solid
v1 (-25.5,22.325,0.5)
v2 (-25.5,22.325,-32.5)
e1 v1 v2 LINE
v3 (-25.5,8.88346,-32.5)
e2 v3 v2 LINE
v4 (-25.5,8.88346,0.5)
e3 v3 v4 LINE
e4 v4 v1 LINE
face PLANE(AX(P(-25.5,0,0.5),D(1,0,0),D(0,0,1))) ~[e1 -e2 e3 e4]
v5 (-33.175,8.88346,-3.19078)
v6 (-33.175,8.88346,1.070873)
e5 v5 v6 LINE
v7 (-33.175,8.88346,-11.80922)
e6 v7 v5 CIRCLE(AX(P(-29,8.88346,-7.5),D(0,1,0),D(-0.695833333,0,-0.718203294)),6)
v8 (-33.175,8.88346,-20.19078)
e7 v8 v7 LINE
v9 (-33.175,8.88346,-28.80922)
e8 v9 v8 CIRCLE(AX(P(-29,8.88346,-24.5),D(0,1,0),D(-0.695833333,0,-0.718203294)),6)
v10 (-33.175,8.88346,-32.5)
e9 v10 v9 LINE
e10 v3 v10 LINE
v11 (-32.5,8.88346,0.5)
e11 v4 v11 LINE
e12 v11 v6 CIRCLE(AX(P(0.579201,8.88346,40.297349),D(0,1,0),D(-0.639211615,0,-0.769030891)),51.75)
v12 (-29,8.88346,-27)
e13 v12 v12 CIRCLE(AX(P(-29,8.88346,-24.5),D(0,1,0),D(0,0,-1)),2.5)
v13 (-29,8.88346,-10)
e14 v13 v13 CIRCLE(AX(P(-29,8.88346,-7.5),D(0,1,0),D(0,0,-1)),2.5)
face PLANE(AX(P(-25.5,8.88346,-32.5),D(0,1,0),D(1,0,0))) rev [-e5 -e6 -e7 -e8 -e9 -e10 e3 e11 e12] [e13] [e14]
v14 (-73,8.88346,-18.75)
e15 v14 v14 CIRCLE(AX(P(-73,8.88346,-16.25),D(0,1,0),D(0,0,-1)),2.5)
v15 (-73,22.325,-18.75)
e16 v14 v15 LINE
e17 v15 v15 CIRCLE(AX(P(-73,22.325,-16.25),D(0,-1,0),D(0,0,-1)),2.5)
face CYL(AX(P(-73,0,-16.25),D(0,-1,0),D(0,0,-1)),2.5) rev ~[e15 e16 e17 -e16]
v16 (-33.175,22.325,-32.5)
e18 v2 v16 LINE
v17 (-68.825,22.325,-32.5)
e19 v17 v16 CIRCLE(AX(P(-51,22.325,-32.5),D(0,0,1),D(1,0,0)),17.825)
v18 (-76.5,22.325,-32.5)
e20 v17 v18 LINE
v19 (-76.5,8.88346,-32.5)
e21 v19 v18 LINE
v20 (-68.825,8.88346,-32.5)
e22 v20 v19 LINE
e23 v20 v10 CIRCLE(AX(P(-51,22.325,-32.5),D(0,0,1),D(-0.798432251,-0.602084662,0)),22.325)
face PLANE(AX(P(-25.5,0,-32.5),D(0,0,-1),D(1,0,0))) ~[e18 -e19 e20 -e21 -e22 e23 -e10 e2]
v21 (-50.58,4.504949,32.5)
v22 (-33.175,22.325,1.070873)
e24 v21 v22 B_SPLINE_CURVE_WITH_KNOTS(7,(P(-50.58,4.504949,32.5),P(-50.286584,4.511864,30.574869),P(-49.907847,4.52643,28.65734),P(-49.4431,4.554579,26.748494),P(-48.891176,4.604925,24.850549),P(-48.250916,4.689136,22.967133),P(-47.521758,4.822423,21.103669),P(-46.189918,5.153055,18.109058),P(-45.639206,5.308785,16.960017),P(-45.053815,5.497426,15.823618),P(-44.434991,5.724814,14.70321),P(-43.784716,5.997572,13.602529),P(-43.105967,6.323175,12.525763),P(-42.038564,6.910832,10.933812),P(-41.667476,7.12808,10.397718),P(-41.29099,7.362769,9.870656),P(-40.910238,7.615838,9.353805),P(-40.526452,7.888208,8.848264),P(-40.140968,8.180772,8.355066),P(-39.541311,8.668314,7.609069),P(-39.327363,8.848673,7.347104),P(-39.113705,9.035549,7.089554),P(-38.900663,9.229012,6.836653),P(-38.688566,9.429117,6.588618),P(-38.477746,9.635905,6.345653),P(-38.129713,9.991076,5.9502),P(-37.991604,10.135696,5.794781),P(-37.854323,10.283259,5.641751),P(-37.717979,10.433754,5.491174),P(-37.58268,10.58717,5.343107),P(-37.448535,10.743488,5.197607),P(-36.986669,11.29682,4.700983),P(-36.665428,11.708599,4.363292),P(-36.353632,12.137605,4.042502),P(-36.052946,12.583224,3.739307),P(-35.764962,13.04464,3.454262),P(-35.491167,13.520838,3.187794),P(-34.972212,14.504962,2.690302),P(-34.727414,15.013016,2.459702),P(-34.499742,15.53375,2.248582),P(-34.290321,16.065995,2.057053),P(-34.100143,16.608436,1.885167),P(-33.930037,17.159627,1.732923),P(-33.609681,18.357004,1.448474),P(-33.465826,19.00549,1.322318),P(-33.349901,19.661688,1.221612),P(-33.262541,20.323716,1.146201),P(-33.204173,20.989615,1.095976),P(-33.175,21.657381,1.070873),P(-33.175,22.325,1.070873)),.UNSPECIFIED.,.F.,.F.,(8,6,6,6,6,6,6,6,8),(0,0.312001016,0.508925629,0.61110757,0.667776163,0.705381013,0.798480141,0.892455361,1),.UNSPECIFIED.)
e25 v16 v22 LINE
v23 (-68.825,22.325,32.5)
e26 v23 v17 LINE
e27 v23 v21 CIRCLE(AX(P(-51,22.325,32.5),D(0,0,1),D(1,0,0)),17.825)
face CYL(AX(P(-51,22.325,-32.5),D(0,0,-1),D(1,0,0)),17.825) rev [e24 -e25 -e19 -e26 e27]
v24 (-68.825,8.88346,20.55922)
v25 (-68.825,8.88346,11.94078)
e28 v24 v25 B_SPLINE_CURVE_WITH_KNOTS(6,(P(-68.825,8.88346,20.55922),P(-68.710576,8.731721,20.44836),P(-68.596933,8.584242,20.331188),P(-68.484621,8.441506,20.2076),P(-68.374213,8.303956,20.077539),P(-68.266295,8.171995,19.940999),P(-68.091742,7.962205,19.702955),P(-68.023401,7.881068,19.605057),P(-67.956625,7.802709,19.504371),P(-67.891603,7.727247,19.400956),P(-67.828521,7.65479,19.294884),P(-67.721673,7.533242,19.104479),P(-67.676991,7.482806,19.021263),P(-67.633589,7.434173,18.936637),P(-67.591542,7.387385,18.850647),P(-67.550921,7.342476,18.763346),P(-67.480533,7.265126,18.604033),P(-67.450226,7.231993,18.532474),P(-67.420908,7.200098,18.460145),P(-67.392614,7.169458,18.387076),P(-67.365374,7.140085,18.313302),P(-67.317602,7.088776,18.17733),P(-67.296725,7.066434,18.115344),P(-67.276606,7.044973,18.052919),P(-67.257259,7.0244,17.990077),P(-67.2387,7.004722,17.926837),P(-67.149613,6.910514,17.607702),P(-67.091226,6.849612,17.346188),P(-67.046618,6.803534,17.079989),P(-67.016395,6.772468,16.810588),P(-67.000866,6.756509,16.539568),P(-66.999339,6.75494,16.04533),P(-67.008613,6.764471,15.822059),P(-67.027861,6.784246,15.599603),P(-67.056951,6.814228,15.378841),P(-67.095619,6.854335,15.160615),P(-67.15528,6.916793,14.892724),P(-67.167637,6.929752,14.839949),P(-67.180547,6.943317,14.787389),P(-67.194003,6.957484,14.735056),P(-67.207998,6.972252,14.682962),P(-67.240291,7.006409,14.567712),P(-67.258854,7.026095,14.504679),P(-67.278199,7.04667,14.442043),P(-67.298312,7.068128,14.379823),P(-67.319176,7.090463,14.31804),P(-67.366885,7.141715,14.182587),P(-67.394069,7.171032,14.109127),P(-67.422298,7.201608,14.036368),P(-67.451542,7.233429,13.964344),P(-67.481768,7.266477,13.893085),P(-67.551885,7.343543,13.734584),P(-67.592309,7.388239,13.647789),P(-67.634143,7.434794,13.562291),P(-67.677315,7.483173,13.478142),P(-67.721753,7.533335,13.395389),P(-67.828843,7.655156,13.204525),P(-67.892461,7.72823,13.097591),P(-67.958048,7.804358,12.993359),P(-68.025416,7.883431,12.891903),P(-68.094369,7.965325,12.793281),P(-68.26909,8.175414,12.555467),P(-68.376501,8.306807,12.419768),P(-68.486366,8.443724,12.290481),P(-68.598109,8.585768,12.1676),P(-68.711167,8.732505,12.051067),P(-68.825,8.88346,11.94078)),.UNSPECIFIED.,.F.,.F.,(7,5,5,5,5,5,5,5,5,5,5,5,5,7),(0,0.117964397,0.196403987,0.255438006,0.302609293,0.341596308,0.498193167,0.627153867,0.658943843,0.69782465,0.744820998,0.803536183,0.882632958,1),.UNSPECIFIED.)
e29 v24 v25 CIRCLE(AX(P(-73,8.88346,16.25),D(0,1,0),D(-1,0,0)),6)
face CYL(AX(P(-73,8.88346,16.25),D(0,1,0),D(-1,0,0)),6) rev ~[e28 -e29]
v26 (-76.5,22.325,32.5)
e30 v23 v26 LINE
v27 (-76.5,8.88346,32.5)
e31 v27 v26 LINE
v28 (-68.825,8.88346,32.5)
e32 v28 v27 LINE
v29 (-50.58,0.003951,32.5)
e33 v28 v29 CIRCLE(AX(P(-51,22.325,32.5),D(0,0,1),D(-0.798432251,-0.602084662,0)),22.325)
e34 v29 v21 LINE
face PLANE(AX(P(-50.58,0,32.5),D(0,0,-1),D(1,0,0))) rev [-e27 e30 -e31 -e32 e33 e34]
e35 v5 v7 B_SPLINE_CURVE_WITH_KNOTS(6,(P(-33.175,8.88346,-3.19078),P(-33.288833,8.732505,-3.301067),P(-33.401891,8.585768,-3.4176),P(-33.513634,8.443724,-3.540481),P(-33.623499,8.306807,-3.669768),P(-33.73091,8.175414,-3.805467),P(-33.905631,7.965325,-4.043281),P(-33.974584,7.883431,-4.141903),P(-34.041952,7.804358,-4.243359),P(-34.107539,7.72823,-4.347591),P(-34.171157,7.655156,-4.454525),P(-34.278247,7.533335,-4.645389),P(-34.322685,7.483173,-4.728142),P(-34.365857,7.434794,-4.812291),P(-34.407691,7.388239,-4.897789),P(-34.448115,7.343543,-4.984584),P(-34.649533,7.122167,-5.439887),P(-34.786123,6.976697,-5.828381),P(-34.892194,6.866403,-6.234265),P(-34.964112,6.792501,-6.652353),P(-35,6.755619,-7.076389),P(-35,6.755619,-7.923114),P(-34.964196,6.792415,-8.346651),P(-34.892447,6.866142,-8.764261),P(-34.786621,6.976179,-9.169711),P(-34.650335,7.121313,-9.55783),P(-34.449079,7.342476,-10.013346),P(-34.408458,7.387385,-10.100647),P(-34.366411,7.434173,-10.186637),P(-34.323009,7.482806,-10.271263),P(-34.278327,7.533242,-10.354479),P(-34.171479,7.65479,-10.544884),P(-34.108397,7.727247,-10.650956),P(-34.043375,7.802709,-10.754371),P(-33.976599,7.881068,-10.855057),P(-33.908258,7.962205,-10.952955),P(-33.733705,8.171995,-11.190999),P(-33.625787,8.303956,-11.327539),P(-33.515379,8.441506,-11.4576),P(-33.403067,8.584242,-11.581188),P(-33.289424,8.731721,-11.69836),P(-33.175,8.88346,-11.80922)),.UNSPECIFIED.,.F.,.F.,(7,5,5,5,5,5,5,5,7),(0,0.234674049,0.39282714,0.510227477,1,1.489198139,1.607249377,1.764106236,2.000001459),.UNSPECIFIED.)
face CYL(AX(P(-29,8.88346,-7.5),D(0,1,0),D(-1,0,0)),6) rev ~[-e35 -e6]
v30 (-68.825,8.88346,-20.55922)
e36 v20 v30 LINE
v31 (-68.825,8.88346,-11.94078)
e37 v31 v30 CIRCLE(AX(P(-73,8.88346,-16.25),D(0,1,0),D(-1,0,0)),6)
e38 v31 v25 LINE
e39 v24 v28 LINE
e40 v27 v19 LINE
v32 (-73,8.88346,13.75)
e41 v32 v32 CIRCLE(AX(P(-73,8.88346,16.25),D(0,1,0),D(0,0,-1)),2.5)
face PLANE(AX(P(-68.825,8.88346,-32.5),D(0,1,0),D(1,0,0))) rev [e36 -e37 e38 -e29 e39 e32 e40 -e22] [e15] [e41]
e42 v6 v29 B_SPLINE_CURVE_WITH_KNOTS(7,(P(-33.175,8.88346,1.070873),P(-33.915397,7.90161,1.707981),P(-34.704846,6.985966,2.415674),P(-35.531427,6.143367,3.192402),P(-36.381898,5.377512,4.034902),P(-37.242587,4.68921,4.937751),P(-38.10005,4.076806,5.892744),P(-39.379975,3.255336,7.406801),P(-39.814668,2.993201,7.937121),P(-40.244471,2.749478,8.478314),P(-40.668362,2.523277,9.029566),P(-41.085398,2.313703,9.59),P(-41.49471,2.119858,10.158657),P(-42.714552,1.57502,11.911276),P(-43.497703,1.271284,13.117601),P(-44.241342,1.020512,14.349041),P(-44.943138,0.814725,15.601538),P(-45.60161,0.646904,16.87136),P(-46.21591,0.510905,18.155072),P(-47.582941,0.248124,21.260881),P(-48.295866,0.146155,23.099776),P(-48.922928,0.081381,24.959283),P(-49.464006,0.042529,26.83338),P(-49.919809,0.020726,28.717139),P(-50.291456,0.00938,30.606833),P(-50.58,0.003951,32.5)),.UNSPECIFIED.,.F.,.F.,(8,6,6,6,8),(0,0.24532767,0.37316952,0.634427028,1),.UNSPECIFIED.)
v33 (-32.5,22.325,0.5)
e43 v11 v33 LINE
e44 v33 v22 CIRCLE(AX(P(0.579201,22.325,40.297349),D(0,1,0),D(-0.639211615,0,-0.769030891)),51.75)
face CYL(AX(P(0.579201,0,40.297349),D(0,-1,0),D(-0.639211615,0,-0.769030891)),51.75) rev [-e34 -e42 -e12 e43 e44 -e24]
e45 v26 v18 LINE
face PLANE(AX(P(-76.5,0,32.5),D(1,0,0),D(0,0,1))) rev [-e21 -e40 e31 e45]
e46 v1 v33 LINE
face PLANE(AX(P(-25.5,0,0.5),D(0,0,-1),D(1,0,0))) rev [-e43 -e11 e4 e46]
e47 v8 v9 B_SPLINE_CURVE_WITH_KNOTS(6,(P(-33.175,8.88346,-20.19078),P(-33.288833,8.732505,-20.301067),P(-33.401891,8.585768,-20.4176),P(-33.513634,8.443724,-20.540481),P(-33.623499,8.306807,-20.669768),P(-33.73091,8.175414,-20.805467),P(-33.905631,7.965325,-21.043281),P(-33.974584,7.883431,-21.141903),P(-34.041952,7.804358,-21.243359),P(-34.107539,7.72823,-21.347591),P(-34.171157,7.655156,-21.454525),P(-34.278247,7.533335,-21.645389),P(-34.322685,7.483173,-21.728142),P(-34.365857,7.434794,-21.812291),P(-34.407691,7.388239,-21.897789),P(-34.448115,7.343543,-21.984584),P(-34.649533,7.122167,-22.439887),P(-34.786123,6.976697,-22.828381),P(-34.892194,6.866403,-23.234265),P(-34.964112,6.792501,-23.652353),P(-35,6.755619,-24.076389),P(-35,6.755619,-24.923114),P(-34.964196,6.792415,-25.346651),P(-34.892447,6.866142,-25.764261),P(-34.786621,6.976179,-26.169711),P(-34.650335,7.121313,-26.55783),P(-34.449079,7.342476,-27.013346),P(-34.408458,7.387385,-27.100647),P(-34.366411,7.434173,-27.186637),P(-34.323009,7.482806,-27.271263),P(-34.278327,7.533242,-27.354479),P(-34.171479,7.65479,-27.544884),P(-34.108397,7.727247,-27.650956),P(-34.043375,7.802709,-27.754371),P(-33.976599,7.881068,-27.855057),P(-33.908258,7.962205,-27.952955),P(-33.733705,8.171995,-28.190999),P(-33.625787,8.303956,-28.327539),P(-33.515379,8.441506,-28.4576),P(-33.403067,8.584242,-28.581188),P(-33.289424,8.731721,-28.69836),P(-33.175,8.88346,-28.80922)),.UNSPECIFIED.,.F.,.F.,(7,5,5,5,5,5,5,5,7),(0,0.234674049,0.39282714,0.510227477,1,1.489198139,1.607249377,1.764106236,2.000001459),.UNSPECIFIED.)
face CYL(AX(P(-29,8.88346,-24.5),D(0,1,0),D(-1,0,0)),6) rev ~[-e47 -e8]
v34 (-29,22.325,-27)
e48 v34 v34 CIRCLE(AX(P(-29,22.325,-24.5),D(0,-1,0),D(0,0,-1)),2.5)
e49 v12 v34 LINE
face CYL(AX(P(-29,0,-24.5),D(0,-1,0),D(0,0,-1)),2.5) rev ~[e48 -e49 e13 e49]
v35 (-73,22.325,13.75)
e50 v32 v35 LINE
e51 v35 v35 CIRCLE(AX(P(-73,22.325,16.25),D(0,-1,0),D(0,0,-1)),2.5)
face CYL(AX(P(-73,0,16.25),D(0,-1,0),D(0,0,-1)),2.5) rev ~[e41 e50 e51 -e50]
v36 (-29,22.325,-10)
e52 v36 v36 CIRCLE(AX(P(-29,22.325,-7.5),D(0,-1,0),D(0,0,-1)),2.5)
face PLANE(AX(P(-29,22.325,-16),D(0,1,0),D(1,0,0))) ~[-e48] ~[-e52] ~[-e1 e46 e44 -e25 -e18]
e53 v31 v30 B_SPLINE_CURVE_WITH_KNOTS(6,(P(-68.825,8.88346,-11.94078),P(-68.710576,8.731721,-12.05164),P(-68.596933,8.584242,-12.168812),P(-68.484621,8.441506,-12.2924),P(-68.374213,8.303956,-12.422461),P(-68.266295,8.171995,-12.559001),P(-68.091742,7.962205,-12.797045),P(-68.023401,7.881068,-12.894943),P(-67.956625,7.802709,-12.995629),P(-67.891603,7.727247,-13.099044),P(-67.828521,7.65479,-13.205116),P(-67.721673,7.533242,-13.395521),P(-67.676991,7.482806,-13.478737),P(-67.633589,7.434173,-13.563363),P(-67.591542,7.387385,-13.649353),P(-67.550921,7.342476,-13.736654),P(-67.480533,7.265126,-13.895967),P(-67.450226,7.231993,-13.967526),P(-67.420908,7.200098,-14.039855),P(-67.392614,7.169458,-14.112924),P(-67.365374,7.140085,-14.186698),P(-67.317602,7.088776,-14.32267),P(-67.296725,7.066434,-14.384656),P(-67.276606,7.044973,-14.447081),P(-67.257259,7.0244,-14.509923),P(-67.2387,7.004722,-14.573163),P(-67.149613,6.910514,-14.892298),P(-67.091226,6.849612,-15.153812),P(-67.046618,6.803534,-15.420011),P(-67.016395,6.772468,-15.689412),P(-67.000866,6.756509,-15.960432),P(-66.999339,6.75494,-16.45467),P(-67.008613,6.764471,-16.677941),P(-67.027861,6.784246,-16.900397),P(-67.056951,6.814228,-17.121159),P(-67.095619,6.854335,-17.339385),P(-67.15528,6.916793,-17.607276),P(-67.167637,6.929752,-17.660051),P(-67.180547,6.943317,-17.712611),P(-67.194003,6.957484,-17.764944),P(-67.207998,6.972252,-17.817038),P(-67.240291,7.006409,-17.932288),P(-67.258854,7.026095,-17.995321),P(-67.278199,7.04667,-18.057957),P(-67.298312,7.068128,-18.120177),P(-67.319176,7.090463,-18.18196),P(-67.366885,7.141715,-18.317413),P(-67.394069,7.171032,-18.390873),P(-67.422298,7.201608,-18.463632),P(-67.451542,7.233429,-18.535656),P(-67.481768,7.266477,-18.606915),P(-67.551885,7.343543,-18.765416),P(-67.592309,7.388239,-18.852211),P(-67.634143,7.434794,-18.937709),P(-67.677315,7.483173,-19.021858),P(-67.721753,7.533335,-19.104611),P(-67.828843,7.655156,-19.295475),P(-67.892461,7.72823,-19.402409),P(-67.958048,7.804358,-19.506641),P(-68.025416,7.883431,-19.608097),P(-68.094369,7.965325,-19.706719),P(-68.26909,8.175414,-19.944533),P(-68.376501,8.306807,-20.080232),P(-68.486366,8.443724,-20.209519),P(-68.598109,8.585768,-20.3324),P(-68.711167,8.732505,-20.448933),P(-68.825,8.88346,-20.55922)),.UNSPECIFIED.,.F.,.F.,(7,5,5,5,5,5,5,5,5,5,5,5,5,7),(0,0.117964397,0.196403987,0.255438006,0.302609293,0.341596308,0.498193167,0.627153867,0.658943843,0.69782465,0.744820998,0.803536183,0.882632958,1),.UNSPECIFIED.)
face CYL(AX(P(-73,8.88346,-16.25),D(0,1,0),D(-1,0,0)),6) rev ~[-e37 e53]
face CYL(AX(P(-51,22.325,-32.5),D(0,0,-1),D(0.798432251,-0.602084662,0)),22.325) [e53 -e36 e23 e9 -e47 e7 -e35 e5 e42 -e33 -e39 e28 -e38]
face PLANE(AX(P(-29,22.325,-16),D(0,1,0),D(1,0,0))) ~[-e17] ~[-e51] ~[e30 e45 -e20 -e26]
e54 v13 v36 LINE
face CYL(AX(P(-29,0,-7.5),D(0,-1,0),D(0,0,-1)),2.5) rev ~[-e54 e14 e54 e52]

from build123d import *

# Parameters (mm, degrees)
SKETCH1_W           = 7
SKETCH1_H           = 65
SKETCH1_R           = 2.5
SKETCH1_H_2         = 33
BOSS_EXTRUDE1_DEPTH = 22.325
SKETCH2_R           = 17.825
CUT_EXTRUDE1_DEPTH  = 74.305222358
SKETCH3_R           = 6
CUT_EXTRUDE2_DEPTH  = 22.325


with BuildPart() as part:
    # Sketch1 → Boss-Extrude1 (new body)
    # profile 1 of 3: a face of its own
    with BuildSketch(Plane(origin=(0, 0, 0), x_dir=(1, 0, 0), z_dir=(0, 1, 0))):
        with Locations((22, 0)):
            Rectangle(SKETCH1_W, SKETCH1_H)
        with Locations(Location((22, -16.25, 0), (0, 0, 90))):
            Circle(SKETCH1_R, mode=Mode.SUBTRACT)
        with Locations(Location((22, 16.25, 0), (0, 0, 90))):
            Circle(SKETCH1_R, mode=Mode.SUBTRACT)
    # profile 2 of 3: a face of its own
    with BuildSketch(Plane(origin=(0, 0, 0), x_dir=(1, 0, 0), z_dir=(0, 1, 0))):
        with BuildLine():
            Line((-18.5, 32.5), (-18.5, -0.5))
            ThreePointArc((-18.5, -0.5), (-6.523379041, -14.840809158), (-0.42, -32.5))
            Line((-0.42, -32.5), (18.5, -32.5))
            Line((18.5, -32.5), (18.5, 32.5))
            Line((18.5, 32.5), (-18.5, 32.5))
        make_face()
    # profile 3 of 3: a face of its own
    with BuildSketch(Plane(origin=(0, 0, 0), x_dir=(1, 0, 0), z_dir=(0, 1, 0))):
        with Locations((-22, 16)):
            Rectangle(SKETCH1_W, SKETCH1_H_2)
        with Locations(Location((-22, 7.5, 0), (0, 0, 90))):
            Circle(SKETCH1_R, mode=Mode.SUBTRACT)
        with Locations(Location((-22, 24.5, 0), (0, 0, 90))):
            Circle(SKETCH1_R, mode=Mode.SUBTRACT)
    extrude(amount=BOSS_EXTRUDE1_DEPTH)

    # Sketch2 → Cut-Extrude1 (cut, through all)
    with BuildSketch(Plane(origin=(0, 0, -32.5), x_dir=(-1, 0, 0), z_dir=(0, 0, -1))):
        with Locations((0, 22.325)):
            Circle(SKETCH2_R)
        with BuildLine():
            Line((-17.825, 8.88345991), (-25.5, 8.88345991))
            Line((-25.5, 8.88345991), (-25.5, -2.88343075))
            Line((-25.5, -2.88343075), (25.5, -2.88343075))
            Line((25.5, -2.88343075), (25.5, 8.88345991))
            Line((25.5, 8.88345991), (17.825, 8.88345991))
            ThreePointArc((17.825, 8.88345991), (0, 0), (-17.825, 8.88345991))
        make_face()
    extrude(amount=-CUT_EXTRUDE1_DEPTH, mode=Mode.SUBTRACT)

    # Sketch3 → Cut-Extrude2 (cut)
    with BuildSketch(Plane.XZ.offset(-8.88345991)):
        with Locations((-22, -7.5)):
            Circle(SKETCH3_R)
        with Locations((22, -16.25)):
            Circle(SKETCH3_R)
        with Locations((22, 16.25)):
            Circle(SKETCH3_R)
        with Locations((-22, -24.5)):
            Circle(SKETCH3_R)
    extrude(amount=CUT_EXTRUDE2_DEPTH, mode=Mode.SUBTRACT)


with BuildPart() as body_2:
    # Mirror2: mirrored copy
    add(part.part.mirror(Plane(origin=(-25.5, 22.325, 0), x_dir=(0, 0, 1), z_dir=(-1, 0, 0))))


solid = body_2.part
